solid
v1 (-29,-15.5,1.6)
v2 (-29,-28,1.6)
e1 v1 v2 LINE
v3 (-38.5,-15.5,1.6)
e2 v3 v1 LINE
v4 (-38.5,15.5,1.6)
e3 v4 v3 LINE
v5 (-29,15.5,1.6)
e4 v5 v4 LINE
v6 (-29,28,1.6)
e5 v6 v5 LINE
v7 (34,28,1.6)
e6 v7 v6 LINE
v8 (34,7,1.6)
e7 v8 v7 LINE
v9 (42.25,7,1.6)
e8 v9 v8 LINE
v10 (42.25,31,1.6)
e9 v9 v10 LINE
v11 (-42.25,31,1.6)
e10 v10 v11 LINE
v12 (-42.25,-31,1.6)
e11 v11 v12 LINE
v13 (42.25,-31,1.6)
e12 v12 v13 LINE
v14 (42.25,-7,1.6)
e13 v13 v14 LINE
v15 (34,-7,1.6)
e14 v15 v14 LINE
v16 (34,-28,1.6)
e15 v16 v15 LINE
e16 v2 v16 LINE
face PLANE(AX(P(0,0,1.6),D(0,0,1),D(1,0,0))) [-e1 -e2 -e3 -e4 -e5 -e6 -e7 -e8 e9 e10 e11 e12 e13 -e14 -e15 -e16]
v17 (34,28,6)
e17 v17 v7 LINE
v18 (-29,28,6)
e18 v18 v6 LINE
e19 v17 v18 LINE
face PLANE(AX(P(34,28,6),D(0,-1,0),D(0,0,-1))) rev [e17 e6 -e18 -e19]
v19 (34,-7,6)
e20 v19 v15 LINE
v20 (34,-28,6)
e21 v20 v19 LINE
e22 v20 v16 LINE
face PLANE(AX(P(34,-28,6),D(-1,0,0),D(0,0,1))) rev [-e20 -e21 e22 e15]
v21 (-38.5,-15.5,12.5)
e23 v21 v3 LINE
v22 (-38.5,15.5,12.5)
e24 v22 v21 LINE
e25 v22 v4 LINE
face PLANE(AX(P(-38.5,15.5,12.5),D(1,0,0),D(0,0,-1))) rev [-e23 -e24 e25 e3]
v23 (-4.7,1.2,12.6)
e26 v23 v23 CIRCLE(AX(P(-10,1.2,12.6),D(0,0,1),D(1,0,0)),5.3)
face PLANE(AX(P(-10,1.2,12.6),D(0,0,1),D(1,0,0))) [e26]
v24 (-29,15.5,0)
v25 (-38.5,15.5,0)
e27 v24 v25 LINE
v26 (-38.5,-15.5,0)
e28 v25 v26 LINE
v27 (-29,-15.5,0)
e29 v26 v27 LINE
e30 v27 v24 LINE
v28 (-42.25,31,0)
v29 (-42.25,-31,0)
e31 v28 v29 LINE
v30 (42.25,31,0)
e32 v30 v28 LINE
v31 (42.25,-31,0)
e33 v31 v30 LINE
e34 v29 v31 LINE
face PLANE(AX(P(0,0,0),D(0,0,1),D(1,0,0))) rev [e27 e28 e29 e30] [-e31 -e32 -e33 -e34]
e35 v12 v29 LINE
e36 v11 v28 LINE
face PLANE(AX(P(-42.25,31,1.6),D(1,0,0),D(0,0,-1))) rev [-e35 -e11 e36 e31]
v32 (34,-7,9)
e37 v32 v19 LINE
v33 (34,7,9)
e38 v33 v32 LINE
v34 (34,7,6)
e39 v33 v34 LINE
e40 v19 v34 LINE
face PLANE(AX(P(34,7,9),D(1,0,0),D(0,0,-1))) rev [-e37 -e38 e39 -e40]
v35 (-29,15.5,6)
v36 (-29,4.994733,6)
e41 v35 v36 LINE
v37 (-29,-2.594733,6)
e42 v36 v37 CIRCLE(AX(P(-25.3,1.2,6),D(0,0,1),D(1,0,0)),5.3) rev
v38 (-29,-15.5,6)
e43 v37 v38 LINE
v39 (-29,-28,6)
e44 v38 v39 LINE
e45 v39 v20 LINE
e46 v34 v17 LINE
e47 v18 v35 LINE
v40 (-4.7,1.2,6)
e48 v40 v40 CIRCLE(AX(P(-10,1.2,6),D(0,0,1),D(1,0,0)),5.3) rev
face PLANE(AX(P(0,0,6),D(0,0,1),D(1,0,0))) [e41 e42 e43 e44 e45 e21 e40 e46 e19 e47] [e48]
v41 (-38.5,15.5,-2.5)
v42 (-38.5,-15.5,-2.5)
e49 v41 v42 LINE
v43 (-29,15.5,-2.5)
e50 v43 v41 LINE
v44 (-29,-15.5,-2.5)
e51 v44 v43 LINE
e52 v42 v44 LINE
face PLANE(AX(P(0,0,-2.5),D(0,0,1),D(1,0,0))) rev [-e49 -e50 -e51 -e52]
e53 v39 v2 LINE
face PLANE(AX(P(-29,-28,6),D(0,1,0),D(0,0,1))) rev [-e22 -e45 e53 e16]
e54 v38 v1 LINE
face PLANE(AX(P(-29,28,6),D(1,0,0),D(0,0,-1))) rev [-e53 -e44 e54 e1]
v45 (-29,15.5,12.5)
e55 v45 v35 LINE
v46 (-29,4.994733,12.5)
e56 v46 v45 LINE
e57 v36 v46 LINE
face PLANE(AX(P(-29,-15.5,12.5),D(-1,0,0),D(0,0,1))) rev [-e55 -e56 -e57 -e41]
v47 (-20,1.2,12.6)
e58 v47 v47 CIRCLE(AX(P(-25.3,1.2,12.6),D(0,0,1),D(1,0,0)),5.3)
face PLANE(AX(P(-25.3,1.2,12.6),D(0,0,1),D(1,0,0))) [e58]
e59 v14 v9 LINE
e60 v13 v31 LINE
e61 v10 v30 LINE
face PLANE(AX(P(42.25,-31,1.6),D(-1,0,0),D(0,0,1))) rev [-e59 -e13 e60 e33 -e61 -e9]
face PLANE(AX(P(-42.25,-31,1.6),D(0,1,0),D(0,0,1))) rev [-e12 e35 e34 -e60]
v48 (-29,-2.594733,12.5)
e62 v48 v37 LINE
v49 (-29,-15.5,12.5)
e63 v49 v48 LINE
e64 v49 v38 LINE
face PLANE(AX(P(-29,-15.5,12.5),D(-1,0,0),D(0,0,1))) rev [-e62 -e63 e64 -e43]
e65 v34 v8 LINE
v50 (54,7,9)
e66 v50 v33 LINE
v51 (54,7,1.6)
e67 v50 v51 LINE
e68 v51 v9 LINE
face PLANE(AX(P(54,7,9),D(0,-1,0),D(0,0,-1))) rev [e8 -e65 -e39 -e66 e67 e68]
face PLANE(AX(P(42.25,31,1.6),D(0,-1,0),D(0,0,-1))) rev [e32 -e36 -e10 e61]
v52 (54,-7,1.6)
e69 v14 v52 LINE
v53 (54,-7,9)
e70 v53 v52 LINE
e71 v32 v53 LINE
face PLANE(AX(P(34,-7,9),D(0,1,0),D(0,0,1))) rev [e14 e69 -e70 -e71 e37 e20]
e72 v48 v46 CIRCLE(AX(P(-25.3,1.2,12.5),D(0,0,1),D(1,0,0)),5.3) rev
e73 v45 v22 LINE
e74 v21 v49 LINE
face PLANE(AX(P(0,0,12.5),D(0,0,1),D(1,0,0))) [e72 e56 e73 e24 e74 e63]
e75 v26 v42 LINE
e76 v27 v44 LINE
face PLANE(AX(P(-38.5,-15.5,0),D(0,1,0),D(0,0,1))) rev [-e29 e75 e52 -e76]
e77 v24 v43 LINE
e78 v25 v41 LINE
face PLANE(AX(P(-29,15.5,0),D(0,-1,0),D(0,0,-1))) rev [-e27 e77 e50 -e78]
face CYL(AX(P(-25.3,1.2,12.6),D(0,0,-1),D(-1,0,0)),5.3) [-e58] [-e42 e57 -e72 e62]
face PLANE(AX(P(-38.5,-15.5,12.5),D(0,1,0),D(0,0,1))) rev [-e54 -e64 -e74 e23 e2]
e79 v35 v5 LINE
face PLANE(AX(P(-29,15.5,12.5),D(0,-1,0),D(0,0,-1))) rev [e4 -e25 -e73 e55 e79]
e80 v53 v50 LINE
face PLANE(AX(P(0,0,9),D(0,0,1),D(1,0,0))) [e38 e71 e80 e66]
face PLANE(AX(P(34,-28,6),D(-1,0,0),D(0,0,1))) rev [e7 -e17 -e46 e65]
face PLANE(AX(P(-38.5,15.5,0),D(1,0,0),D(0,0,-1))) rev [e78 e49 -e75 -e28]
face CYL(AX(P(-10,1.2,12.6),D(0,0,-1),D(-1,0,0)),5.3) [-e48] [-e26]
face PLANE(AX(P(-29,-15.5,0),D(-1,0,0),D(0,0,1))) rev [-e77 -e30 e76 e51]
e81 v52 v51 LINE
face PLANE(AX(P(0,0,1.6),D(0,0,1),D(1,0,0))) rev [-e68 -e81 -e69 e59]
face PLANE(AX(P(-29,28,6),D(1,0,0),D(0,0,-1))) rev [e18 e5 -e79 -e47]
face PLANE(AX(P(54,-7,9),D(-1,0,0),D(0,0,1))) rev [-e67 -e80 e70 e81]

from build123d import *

# Parameters (mm, degrees)
SKETCH1_W             = 84.5
SKETCH1_H             = 62
PCB_DEPTH             = 1.6
SKETCH2_W             = 9.5
SKETCH2_H             = 31
TERMINAL_BLOCK_DEPTH  = 10.9
SKETCH3_W             = 9.5
SKETCH3_H             = 31
TERMINAL_PINS_DEPTH   = 2.5
SKETCH4_W             = 63
SKETCH4_H             = 56
COMPONENTS_DEPTH      = 4.4
SKETCH5_W             = 20
SKETCH5_H             = 14
INPUT_CONNECTOR_DEPTH = 7.4
SKETCH6_R             = 5.3
CAP_1_DEPTH           = 11
SKETCH7_R             = 5.3
CAP_2_DEPTH           = 11


with BuildPart() as part:
    # Sketch1 → PCB (new body)
    with BuildSketch(Plane.XY):
        Rectangle(SKETCH1_W, SKETCH1_H)
    extrude(amount=PCB_DEPTH)

    # Sketch2 → Terminal_block (add)
    with BuildSketch(Plane.XY.offset(1.6)):
        with Locations((-33.75, 0)):
            Rectangle(SKETCH2_W, SKETCH2_H)
    extrude(amount=TERMINAL_BLOCK_DEPTH)

    # Sketch3 → Terminal_pins (add)
    with BuildSketch(Plane.XY.offset(-2.5)):
        with Locations((-33.75, 0)):
            Rectangle(SKETCH3_W, SKETCH3_H)
    extrude(amount=TERMINAL_PINS_DEPTH)

    # Sketch4 → Components (add)
    with BuildSketch(Plane.XY.offset(1.6)):
        with Locations((2.5, 0)):
            Rectangle(SKETCH4_W, SKETCH4_H)
    extrude(amount=COMPONENTS_DEPTH)

    # Sketch5 → Input_connector (add)
    with BuildSketch(Plane.XY.offset(1.6)):
        with Locations((44, 0)):
            Rectangle(SKETCH5_W, SKETCH5_H)
    extrude(amount=INPUT_CONNECTOR_DEPTH)

    # Sketch6 → Cap_1 (add)
    with BuildSketch(Plane.XY.offset(1.6)):
        with Locations(Location((-25.3, 1.2, 0), (0, 0, 225.724178288))):
            Circle(SKETCH6_R)
    extrude(amount=CAP_1_DEPTH)

    # Sketch7 → Cap_2 (add)
    with BuildSketch(Plane.XY.offset(1.6)):
        with Locations((-10, 1.2)):
            Circle(SKETCH7_R)
    extrude(amount=CAP_2_DEPTH)


solid = part.part
